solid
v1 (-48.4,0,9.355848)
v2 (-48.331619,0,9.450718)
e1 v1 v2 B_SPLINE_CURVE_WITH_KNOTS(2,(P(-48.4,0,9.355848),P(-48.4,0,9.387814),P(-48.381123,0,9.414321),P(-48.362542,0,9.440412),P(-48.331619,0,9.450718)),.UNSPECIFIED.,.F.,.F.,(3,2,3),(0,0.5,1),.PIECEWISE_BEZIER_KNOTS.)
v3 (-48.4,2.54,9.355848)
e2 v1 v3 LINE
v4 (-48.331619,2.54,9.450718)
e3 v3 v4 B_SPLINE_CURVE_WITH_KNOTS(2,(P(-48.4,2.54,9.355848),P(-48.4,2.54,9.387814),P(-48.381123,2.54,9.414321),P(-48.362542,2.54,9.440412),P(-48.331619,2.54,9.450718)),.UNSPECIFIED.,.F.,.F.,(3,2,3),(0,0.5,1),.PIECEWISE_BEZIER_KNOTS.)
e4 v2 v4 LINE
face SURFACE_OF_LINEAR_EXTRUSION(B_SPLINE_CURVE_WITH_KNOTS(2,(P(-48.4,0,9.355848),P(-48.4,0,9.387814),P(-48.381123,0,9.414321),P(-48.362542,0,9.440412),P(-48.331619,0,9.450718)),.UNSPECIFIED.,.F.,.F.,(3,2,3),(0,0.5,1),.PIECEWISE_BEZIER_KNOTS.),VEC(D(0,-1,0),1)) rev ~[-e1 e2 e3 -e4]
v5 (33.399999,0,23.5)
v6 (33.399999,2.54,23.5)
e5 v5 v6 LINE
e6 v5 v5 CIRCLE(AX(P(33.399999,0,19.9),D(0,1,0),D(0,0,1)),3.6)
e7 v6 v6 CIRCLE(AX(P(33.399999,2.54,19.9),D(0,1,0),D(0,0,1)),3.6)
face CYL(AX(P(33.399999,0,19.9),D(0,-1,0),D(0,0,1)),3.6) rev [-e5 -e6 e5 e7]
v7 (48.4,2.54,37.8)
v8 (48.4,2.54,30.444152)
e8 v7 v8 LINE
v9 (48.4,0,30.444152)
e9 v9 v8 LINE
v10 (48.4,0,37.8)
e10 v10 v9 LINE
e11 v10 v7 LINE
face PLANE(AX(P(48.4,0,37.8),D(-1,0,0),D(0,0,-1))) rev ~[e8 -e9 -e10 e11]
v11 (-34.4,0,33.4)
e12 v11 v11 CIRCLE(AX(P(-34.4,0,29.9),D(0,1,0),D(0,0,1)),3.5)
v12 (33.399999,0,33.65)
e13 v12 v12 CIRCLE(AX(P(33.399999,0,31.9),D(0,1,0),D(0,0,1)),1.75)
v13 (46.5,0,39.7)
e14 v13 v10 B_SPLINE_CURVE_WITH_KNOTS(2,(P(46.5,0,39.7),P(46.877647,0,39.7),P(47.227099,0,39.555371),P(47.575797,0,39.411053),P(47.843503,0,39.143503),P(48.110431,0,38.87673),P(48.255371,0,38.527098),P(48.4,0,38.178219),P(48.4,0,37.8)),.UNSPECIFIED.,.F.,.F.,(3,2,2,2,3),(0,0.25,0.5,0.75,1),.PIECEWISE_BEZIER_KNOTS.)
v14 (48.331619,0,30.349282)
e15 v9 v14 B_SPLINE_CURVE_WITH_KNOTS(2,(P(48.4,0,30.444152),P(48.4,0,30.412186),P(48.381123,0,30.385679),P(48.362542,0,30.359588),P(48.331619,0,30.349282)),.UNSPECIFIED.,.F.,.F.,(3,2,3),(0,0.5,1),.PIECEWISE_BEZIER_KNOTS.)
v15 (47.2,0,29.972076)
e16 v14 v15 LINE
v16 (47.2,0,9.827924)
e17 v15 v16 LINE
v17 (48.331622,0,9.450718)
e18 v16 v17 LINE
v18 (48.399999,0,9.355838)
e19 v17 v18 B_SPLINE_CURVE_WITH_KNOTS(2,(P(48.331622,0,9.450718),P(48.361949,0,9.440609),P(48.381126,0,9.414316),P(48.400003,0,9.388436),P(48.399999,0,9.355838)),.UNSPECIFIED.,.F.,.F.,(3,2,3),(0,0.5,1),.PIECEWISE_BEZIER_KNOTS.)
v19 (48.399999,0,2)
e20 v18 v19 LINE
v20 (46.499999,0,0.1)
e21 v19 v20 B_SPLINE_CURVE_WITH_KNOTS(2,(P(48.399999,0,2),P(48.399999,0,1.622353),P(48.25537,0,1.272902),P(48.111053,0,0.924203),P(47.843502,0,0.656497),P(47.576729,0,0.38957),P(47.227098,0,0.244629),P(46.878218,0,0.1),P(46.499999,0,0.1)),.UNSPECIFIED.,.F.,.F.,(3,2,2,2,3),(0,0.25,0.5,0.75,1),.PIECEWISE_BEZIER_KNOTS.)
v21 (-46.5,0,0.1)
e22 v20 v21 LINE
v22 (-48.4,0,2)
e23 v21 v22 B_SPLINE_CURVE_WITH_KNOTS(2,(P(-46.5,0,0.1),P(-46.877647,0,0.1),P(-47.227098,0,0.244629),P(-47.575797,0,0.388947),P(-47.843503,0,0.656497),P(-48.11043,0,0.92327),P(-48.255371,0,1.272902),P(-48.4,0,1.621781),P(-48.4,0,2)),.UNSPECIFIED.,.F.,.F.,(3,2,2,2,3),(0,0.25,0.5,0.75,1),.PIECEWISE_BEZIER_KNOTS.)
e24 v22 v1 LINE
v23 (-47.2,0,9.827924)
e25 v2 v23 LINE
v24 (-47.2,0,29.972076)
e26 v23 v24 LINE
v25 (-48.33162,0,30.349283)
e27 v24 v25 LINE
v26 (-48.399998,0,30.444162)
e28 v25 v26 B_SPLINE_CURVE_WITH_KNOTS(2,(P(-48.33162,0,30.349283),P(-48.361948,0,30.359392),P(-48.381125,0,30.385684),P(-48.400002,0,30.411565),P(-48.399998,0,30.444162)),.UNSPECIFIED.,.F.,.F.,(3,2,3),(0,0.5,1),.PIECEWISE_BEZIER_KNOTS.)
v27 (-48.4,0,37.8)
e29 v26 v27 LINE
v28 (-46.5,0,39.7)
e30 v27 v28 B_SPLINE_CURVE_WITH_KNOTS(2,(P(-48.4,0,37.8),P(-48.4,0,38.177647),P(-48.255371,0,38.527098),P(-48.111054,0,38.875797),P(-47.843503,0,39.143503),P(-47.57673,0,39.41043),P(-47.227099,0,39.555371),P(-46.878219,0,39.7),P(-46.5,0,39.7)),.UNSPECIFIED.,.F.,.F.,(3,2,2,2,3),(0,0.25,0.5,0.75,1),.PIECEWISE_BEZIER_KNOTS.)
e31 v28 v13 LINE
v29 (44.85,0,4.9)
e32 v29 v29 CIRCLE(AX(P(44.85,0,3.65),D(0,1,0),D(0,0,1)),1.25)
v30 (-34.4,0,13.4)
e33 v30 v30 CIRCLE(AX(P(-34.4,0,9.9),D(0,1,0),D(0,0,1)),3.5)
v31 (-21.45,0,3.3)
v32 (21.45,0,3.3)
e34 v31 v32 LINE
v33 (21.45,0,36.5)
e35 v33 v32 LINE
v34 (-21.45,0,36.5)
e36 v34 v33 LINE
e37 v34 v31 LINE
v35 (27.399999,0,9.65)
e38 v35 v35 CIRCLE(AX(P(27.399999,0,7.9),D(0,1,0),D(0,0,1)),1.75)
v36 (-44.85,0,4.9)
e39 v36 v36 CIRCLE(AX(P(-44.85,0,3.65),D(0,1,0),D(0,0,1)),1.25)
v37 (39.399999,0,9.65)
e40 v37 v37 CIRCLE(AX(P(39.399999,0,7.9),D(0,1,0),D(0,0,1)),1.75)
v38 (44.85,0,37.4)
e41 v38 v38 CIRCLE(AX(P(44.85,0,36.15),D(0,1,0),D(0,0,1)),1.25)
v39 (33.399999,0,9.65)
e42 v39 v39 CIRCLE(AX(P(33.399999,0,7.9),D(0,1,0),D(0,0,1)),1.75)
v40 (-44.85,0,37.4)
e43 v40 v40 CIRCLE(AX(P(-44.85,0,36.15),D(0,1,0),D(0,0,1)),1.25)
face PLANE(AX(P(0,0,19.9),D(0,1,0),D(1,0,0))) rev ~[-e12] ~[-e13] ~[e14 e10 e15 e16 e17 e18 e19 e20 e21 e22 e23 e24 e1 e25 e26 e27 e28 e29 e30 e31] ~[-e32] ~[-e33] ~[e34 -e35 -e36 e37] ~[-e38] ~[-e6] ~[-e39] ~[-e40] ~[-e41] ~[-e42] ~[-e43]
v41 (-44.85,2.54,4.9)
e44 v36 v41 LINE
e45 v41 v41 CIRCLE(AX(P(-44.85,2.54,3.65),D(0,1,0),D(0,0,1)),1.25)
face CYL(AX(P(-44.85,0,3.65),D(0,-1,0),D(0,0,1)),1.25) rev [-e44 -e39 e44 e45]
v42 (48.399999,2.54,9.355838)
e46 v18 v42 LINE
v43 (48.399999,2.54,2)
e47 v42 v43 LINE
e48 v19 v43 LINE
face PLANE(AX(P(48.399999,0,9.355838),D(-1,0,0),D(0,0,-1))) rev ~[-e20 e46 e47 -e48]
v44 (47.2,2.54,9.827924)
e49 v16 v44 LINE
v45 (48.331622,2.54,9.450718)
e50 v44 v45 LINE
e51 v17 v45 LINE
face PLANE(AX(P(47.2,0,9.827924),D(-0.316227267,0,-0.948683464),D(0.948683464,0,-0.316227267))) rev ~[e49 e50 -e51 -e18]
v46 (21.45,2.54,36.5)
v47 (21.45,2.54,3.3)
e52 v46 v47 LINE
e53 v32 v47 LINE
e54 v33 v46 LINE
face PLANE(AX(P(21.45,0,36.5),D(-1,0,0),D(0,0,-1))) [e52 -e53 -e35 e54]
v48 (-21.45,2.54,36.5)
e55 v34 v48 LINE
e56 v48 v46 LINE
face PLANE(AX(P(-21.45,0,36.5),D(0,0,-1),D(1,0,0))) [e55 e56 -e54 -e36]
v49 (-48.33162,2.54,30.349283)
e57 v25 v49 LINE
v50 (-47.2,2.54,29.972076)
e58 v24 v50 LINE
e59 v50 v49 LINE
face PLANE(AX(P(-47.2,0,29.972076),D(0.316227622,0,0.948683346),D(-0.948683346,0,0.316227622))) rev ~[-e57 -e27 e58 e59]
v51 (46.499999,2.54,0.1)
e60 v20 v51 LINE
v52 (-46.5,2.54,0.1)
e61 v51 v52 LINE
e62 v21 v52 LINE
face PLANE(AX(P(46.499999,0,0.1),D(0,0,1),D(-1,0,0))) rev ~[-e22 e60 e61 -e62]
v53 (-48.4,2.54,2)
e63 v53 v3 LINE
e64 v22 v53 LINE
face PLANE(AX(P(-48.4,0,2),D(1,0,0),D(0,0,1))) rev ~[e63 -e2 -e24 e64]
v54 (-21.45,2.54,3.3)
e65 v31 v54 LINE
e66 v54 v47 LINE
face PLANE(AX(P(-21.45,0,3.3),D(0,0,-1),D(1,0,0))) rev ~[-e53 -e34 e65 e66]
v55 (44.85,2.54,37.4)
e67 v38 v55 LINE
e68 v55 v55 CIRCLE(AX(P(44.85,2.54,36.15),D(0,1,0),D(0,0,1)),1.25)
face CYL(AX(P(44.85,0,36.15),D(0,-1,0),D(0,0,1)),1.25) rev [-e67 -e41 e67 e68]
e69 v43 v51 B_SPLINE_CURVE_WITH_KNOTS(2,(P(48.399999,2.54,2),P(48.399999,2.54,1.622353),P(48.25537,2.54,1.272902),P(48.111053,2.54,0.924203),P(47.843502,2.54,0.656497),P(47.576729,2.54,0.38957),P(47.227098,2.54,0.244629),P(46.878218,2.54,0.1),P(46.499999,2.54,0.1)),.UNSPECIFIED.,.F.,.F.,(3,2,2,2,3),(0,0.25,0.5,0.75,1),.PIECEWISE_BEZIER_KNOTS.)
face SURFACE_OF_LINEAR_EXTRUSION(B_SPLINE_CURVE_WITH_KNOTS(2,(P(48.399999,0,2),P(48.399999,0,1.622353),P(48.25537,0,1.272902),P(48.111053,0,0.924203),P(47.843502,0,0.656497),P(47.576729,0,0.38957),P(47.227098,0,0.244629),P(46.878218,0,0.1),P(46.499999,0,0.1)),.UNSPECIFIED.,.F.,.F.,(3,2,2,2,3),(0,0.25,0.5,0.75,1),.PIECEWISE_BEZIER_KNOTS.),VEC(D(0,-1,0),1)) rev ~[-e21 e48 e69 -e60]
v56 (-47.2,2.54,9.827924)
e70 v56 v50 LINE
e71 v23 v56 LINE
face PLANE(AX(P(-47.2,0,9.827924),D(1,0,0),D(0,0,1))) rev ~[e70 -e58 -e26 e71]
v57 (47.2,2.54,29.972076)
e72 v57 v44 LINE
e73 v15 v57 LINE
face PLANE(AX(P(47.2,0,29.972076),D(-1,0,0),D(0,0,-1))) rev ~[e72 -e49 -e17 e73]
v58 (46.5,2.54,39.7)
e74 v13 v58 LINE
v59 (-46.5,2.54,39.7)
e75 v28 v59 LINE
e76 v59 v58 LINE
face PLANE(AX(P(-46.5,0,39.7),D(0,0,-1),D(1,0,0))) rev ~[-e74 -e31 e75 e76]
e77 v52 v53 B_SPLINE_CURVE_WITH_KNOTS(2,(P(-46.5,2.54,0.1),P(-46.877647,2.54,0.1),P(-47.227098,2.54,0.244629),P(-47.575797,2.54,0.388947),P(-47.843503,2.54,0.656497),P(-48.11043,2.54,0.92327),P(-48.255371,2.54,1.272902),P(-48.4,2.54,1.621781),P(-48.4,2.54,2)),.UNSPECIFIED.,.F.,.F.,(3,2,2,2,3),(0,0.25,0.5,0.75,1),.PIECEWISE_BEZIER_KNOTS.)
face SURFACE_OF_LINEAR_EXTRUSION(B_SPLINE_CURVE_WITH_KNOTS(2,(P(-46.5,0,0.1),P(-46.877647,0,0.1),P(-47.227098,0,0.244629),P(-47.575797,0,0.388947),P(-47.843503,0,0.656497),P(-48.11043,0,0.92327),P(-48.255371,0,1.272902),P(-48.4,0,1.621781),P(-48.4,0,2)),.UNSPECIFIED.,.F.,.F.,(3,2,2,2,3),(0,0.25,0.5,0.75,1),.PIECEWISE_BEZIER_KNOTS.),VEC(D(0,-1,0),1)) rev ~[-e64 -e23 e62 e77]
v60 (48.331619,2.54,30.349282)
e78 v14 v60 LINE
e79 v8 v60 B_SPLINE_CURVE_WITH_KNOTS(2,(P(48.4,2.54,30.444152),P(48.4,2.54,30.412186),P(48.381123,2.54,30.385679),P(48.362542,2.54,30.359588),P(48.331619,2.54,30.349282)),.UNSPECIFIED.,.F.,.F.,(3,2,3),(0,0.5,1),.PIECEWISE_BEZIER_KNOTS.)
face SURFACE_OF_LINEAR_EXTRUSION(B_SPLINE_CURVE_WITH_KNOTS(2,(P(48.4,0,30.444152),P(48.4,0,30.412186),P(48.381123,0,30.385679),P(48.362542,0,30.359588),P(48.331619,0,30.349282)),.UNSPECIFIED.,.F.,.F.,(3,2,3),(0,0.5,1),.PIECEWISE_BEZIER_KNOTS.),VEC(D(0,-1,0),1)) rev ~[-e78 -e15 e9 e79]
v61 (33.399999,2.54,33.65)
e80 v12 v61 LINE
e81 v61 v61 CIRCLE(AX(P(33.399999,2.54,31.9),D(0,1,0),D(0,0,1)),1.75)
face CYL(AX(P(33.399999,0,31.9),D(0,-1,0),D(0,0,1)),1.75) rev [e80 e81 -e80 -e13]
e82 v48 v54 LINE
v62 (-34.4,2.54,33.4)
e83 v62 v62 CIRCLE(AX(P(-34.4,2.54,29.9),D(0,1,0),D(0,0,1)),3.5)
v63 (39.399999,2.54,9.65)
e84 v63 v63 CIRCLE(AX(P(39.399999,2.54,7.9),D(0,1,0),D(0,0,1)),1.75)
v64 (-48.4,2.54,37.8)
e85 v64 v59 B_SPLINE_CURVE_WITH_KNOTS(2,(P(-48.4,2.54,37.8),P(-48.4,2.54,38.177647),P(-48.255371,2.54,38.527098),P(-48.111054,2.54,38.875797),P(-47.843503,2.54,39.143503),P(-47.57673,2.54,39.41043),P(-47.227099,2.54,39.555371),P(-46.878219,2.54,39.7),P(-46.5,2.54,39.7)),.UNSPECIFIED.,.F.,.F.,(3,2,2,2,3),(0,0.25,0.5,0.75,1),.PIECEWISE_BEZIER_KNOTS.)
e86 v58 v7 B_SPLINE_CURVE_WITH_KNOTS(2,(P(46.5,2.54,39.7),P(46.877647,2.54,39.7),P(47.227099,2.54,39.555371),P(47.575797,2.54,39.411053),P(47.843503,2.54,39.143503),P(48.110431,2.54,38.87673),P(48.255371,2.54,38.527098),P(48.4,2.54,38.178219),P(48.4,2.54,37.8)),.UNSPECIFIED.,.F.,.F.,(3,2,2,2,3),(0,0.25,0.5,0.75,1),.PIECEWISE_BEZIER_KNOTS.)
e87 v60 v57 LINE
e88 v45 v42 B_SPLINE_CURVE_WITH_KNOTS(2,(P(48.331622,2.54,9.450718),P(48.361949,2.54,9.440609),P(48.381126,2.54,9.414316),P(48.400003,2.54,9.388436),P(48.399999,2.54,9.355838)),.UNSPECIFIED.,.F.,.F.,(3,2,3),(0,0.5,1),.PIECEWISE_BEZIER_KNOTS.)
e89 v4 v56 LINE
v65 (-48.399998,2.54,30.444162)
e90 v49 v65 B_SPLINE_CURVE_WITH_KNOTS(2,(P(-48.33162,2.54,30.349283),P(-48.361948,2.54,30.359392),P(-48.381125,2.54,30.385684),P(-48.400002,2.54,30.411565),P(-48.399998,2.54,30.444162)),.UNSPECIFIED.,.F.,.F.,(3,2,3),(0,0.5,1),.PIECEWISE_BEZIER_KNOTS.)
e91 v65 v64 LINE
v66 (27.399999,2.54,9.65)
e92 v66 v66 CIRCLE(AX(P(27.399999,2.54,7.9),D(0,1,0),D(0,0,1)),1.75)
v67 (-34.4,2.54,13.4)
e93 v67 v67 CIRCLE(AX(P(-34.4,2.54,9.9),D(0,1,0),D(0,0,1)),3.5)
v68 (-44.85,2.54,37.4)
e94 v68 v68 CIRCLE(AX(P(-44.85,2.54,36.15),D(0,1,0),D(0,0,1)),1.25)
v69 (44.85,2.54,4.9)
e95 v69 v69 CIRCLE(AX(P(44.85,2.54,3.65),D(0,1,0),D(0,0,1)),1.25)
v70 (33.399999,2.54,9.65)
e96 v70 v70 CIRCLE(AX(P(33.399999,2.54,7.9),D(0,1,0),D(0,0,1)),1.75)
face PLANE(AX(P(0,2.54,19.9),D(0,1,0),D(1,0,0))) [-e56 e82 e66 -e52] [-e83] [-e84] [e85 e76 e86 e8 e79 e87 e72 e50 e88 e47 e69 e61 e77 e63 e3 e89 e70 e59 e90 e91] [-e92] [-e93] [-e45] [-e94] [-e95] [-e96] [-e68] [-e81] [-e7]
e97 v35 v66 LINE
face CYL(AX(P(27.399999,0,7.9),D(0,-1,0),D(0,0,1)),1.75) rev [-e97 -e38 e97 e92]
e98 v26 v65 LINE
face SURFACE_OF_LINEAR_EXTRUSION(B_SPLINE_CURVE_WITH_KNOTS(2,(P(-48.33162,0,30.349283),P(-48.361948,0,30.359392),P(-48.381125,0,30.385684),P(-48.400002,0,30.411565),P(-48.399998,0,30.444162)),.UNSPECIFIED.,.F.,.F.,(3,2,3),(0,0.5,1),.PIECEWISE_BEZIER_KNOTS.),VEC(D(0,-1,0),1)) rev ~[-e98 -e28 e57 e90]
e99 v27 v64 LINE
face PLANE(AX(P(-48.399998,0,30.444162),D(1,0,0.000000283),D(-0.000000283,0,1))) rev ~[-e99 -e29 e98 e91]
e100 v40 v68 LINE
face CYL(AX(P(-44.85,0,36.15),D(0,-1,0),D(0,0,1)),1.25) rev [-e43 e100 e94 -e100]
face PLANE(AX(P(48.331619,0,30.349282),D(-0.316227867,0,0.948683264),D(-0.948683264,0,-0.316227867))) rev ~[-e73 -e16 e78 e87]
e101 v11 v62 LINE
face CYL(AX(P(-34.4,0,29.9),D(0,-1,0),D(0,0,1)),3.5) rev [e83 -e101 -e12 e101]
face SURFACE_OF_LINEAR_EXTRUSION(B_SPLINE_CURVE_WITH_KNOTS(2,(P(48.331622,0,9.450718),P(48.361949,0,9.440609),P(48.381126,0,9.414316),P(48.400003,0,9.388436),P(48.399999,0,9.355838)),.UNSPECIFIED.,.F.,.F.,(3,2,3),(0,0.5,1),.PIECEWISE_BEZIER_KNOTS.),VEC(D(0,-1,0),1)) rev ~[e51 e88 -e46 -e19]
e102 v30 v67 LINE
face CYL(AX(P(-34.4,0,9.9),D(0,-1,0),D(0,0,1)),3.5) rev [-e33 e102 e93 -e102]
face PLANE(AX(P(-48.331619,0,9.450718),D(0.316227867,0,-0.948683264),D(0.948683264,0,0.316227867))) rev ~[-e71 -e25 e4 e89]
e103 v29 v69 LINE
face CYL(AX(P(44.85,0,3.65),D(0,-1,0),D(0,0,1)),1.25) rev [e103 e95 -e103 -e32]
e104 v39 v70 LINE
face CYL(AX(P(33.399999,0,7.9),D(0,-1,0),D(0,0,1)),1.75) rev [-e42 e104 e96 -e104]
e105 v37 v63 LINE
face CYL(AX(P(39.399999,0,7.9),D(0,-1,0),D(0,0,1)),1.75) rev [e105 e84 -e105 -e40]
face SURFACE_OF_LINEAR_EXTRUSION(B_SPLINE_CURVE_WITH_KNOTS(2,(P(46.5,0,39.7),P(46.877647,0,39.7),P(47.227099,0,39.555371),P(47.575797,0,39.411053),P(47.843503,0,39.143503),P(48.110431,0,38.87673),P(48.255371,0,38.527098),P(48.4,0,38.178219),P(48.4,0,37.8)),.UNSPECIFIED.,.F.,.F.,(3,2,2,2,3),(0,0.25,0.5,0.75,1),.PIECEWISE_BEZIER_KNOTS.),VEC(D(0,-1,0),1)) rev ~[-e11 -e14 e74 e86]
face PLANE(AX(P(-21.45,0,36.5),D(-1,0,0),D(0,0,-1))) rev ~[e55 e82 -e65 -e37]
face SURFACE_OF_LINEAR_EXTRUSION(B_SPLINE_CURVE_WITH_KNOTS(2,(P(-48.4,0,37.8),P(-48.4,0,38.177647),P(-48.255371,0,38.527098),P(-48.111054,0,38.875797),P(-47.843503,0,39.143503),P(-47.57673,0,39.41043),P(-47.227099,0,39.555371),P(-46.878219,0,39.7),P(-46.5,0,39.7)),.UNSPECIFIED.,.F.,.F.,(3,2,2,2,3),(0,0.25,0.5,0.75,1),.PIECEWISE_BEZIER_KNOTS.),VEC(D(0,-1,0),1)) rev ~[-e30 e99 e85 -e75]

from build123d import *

# Parameters (mm, degrees)
SKETCH_1_R      = 3.5
SKETCH_1_R_2    = 3.6
SKETCH_1_R_3    = 1.249999971
SKETCH_1_R_4    = 1.75
SKETCH_1_W      = 42.9
SKETCH_1_H      = 33.2
EXTRUDE_1_DEPTH = 2.54


with BuildPart() as part:
    # 草图1 → 凸台-拉伸1 (new body)
    with BuildSketch(Plane(origin=(0, 0, 0), x_dir=(1, 0, 0), z_dir=(0, 1, 0))):
        with BuildLine():
            Line((48.4, -37.799999853), (48.4, -30.444151853))
            add(Edge.make_bspline(
                [(48.4, -30.444151853), (48.4, -30.412185559), (48.381122931, -30.385679038), (48.362542068, -30.359588441), (48.331618599, -30.349282131)],
                knots=[0, 0, 0, 0.5, 0.5, 1, 1, 1], degree=2))
            Line((48.331618599, -30.349282131), (47.2, -29.972075797))
            Line((47.2, -29.972075797), (47.2, -9.827924497))
            Line((47.2, -9.827924497), (48.331621786, -9.450717896))
            add(Edge.make_bspline(
                [(48.331621786, -9.450717896), (48.361949426, -9.440608674), (48.381126465, -9.414316076), (48.400002612, -9.388436014), (48.399998982, -9.35583844)],
                knots=[0, 0, 0, 0.5, 0.5, 1, 1, 1], degree=2))
            Line((48.399998982, -9.35583844), (48.399998982, -2.000000147))
            add(Edge.make_bspline(
                [(48.399998982, -2.000000147), (48.399998982, -1.622352729), (48.255370094, -1.272901625), (48.11105262, -0.924202959), (47.843501866, -0.656497263), (47.576728704, -0.389569608), (47.227097503, -0.244629035), (46.878218161, -0.100000147), (46.499998982, -0.100000147)],
                knots=[0, 0, 0, 0.25, 0.25, 0.5, 0.5, 0.75, 0.75, 1, 1, 1], degree=2))
            Line((46.499998982, -0.100000147), (-46.499999902, -0.100000147))
            add(Edge.make_bspline(
                [(-46.499999902, -0.100000147), (-46.87764732, -0.100000147), (-47.227098424, -0.244629035), (-47.575797089, -0.388946508), (-47.843502786, -0.656497263), (-48.110430441, -0.923270425), (-48.255371014, -1.272901625), (-48.399999902, -1.621780968), (-48.399999902, -2.000000147)],
                knots=[0, 0, 0, 0.25, 0.25, 0.5, 0.5, 0.75, 0.75, 1, 1, 1], degree=2))
            Line((-48.399999902, -2.000000147), (-48.399999902, -9.355848147))
            add(Edge.make_bspline(
                [(-48.399999902, -9.355848147), (-48.399999902, -9.387814441), (-48.381122833, -9.414320961), (-48.362541971, -9.440411559), (-48.331618501, -9.450717869)],
                knots=[0, 0, 0, 0.5, 0.5, 1, 1, 1], degree=2))
            Line((-48.331618501, -9.450717869), (-47.199999902, -9.827924203))
            Line((-47.199999902, -9.827924203), (-47.199999902, -29.97207609))
            Line((-47.199999902, -29.97207609), (-48.331620003, -30.349282599))
            add(Edge.make_bspline(
                [(-48.331620003, -30.349282599), (-48.361947916, -30.359391659), (-48.381125177, -30.385684352), (-48.400001544, -30.411564511), (-48.399997915, -30.444162293)],
                knots=[0, 0, 0, 0.5, 0.5, 1, 1, 1], degree=2))
            Line((-48.399997915, -30.444162293), (-48.4, -37.799999853))
            add(Edge.make_bspline(
                [(-48.4, -37.799999853), (-48.4, -38.177647271), (-48.255371112, -38.527098375), (-48.111053639, -38.875797041), (-47.843502884, -39.143502737), (-47.576729722, -39.410430392), (-47.227098521, -39.555370965), (-46.878219179, -39.699999853), (-46.5, -39.699999853)],
                knots=[0, 0, 0, 0.25, 0.25, 0.5, 0.5, 0.75, 0.75, 1, 1, 1], degree=2))
            Line((-46.5, -39.699999853), (46.5, -39.699999853))
            add(Edge.make_bspline(
                [(46.5, -39.699999853), (46.877647417, -39.699999853), (47.227098521, -39.555370965), (47.575797187, -39.411053492), (47.843502884, -39.143502737), (48.110430539, -38.876729575), (48.255371112, -38.527098375), (48.4, -38.178219032), (48.4, -37.799999853)],
                knots=[0, 0, 0, 0.25, 0.25, 0.5, 0.5, 0.75, 0.75, 1, 1, 1], degree=2))
        make_face()
        with Locations(Location((-34.399999902, -9.900000147, 0), (0, 0, 270))):
            Circle(SKETCH_1_R, mode=Mode.SUBTRACT)
        with Locations(Location((-34.399999902, -29.900000147, 0), (0, 0, 270))):
            Circle(SKETCH_1_R, mode=Mode.SUBTRACT)
        with Locations(Location((33.399998982, -19.9, 0), (0, 0, 270))):
            Circle(SKETCH_1_R_2, mode=Mode.SUBTRACT)
        with Locations(Location((-44.85, -36.15, 0), (0, 0, 270))):
            Circle(SKETCH_1_R_3, mode=Mode.SUBTRACT)
        with Locations(Location((44.85, -36.15, 0), (0, 0, 270))):
            Circle(SKETCH_1_R_3, mode=Mode.SUBTRACT)
        with Locations(Location((27.399998982, -7.899999853, 0), (0, 0, 270))):
            Circle(SKETCH_1_R_4, mode=Mode.SUBTRACT)
        with Locations(Location((-44.85, -3.65, 0), (0, 0, 270))):
            Circle(SKETCH_1_R_3, mode=Mode.SUBTRACT)
        with Locations(Location((44.85, -3.65, 0), (0, 0, 270))):
            Circle(SKETCH_1_R_3, mode=Mode.SUBTRACT)
        with Locations(Location((39.399998982, -7.899999853, 0), (0, 0, 270))):
            Circle(SKETCH_1_R_4, mode=Mode.SUBTRACT)
        with Locations(Location((33.399998982, -31.90000044, 0), (0, 0, 270))):
            Circle(SKETCH_1_R_4, mode=Mode.SUBTRACT)
        with Locations(Location((33.399998982, -7.899999853, 0), (0, 0, 270))):
            Circle(SKETCH_1_R_4, mode=Mode.SUBTRACT)
        with Locations((0, -19.900000147)):
            Rectangle(SKETCH_1_W, SKETCH_1_H, mode=Mode.SUBTRACT)
    extrude(amount=EXTRUDE_1_DEPTH)


solid = part.part
